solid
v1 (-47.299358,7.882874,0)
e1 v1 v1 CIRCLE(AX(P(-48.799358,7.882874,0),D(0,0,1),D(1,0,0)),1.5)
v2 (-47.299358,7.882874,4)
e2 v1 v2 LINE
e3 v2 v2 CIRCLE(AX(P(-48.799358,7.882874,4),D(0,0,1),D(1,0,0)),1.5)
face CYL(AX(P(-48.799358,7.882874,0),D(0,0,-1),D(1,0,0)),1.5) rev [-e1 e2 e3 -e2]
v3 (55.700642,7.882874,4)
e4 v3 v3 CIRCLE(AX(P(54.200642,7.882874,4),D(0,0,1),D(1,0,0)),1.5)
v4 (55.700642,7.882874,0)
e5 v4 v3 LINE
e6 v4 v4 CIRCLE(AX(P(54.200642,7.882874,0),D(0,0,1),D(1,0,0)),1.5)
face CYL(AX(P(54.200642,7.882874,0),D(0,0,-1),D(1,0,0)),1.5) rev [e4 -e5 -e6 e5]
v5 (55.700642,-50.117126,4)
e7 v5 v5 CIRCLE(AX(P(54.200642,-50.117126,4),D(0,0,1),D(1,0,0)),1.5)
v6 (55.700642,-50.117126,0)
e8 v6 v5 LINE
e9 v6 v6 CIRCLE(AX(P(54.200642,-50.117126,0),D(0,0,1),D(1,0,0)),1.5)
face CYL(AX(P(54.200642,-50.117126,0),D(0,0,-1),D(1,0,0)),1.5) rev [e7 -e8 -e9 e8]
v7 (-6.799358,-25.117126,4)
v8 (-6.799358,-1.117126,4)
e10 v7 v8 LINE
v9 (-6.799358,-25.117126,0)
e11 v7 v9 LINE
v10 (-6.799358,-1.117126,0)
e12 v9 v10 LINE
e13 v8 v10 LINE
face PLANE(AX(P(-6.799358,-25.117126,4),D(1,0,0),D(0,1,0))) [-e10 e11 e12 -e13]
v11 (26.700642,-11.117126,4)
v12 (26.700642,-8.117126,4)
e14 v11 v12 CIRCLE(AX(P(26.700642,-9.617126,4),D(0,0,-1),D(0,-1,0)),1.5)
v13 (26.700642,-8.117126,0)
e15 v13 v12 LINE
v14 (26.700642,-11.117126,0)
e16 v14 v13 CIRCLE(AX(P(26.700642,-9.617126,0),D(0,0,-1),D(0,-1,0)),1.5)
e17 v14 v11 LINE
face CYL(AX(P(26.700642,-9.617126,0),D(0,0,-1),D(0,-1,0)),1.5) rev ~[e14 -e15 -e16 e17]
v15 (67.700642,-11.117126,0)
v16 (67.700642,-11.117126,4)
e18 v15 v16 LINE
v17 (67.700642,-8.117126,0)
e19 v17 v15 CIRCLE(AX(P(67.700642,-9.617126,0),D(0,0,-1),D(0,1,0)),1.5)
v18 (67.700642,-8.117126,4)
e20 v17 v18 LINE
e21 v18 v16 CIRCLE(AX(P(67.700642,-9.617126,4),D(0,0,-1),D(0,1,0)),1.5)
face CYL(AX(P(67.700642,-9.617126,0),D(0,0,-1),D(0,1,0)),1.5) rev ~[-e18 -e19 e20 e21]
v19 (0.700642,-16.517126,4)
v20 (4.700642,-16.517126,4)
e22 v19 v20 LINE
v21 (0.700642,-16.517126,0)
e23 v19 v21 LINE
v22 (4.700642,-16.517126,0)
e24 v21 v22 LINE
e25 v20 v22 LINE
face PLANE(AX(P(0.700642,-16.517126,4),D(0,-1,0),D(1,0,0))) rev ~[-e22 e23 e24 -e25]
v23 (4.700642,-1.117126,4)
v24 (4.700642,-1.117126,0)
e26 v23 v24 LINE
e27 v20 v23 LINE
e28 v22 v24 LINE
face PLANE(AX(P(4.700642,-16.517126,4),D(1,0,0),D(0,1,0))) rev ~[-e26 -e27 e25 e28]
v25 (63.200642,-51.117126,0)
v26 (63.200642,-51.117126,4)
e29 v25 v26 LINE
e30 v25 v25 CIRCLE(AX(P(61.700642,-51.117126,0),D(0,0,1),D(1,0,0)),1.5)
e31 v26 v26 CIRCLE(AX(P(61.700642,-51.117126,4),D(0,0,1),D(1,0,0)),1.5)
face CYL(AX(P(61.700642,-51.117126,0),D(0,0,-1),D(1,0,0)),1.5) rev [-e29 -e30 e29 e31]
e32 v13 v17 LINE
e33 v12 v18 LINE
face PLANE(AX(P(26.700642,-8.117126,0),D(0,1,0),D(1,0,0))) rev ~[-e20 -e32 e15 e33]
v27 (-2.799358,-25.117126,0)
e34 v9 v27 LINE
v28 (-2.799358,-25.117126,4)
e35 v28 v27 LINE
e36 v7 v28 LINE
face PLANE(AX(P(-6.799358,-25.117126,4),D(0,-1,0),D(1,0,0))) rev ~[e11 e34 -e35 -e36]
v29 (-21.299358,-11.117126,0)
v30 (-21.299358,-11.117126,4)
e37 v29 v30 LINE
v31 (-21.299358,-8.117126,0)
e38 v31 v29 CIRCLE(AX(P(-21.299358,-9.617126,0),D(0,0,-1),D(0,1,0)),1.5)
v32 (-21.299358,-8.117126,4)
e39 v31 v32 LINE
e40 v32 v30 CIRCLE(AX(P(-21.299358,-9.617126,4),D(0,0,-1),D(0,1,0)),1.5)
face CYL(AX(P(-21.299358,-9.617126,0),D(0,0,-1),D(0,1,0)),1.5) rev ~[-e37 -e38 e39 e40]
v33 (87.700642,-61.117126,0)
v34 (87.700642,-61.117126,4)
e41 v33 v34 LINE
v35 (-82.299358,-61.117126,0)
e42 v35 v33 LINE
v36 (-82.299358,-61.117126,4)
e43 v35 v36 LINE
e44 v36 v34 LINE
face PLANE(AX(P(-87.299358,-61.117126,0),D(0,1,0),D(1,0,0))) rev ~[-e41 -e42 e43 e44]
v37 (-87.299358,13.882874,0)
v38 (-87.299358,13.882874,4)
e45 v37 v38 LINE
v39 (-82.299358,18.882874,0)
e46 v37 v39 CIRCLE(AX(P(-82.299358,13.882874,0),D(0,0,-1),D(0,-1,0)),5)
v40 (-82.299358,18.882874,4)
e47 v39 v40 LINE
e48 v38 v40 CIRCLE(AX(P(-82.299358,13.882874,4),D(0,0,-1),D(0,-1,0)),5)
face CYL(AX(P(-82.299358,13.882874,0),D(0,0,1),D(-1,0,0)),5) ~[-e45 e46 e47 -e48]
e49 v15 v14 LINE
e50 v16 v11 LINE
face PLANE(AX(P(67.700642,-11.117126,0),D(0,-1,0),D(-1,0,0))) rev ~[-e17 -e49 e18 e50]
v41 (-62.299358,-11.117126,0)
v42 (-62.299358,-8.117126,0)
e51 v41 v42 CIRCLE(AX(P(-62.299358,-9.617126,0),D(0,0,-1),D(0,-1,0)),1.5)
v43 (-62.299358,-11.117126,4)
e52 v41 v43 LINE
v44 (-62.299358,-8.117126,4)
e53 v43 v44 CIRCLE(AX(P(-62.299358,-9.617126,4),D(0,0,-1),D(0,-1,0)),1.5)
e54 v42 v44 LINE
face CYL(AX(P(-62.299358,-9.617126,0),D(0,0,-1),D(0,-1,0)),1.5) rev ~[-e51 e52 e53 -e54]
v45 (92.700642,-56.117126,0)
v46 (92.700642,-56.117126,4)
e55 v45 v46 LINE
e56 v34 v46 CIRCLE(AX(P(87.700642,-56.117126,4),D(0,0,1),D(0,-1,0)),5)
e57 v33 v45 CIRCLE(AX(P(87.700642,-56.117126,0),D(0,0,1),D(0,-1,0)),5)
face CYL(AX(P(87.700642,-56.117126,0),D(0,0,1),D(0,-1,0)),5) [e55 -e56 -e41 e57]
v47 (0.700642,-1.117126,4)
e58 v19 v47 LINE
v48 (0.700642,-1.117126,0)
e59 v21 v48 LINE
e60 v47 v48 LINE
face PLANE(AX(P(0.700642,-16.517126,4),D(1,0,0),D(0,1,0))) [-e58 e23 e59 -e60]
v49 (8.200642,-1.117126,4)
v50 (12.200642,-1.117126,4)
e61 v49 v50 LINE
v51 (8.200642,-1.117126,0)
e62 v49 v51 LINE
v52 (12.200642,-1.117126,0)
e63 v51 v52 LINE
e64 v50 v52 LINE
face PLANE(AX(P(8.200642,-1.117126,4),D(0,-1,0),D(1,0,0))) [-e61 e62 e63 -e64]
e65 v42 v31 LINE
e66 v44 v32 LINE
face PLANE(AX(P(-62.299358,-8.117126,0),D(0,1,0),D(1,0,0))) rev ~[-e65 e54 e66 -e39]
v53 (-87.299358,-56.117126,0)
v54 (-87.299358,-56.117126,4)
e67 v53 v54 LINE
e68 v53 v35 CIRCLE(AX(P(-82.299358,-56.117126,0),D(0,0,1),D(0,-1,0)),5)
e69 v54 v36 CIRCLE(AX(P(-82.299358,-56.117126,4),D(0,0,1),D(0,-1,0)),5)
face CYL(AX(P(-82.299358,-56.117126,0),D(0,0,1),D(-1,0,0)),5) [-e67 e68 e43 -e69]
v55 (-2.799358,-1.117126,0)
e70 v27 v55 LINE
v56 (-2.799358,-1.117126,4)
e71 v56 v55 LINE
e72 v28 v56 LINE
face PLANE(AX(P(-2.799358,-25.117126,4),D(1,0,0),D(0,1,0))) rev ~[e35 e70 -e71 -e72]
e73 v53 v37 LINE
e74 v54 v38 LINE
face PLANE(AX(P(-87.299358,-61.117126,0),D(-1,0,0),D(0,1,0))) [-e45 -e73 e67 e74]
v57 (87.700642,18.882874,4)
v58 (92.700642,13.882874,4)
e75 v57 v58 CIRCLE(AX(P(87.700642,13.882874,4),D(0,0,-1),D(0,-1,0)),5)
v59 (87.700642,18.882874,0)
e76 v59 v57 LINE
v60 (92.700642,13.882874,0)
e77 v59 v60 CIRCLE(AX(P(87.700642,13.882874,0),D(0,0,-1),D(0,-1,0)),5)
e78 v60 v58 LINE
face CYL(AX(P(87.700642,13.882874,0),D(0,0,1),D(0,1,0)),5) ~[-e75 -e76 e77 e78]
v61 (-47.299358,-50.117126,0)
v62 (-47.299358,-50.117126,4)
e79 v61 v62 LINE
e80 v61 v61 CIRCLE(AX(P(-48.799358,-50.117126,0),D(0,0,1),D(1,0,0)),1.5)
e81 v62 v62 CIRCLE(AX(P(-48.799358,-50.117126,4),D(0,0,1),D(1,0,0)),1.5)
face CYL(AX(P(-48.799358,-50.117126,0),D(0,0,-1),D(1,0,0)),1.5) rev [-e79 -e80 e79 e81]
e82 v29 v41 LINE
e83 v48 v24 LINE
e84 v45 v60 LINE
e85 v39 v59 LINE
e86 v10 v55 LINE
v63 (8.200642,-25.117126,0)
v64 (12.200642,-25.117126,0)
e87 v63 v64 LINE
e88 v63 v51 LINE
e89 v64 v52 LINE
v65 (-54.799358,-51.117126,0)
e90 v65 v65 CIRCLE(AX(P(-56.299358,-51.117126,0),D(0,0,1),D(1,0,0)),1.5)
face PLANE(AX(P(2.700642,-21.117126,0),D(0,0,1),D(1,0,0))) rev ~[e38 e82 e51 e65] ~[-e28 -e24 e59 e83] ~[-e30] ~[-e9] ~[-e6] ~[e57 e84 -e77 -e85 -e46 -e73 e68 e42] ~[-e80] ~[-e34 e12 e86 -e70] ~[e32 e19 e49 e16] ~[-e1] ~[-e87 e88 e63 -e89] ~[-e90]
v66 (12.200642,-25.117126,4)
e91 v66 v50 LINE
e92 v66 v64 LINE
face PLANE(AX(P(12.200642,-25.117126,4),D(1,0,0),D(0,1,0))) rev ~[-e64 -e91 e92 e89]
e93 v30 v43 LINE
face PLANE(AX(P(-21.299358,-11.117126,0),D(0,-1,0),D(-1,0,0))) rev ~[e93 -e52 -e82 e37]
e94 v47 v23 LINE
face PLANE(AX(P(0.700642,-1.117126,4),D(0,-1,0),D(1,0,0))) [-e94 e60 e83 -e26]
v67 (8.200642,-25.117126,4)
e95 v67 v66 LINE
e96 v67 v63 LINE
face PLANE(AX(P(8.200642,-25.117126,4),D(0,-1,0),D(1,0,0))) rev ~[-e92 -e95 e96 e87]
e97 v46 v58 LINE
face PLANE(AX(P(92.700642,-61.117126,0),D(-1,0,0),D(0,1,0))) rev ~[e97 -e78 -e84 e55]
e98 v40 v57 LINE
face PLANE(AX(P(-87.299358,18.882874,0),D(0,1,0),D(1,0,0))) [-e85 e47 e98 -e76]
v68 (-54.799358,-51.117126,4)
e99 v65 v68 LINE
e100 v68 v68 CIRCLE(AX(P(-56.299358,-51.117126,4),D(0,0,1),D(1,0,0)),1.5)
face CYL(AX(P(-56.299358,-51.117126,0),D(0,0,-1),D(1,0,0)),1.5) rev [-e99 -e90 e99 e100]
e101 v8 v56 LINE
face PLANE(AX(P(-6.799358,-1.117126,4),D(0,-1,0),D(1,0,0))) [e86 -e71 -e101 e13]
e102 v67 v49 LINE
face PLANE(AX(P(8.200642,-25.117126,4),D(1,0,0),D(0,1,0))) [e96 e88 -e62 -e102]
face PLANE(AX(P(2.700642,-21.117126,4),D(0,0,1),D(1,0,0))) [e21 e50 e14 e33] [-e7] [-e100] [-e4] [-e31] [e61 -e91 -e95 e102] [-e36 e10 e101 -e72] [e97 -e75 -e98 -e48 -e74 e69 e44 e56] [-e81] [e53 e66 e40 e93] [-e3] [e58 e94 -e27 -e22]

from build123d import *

# Parameters (mm, degrees)
SKETCH1_W           = 180
SKETCH1_H           = 80
SKETCH1_R           = 1.5
BOSS_EXTRUDE1_DEPTH = 4
SKETCH2_W           = 4
SKETCH2_H           = 24
SKETCH2_H_2         = 15.4
CUT_EXTRUDE1_DEPTH  = 4
FILLET1_R           = 5


with BuildPart() as part:
    # Sketch1 → Boss-Extrude1 (new body)
    with BuildSketch(Plane.XY):
        with Locations((2.700642055, -21.117125984)):
            Rectangle(SKETCH1_W, SKETCH1_H)
        with Locations((61.700642055, -51.117125984)):
            Circle(SKETCH1_R, mode=Mode.SUBTRACT)
        with Locations((-56.299357945, -51.117125984)):
            Circle(SKETCH1_R, mode=Mode.SUBTRACT)
        with Locations((-48.799357945, 7.882874016)):
            Circle(SKETCH1_R, mode=Mode.SUBTRACT)
        with Locations((54.200642055, 7.882874016)):
            Circle(SKETCH1_R, mode=Mode.SUBTRACT)
        with Locations((54.200642055, -50.117125984)):
            Circle(SKETCH1_R, mode=Mode.SUBTRACT)
        with Locations((-48.799357945, -50.117125984)):
            Circle(SKETCH1_R, mode=Mode.SUBTRACT)
        with BuildLine():
            Line((-62.299357945, -8.117125984), (-21.299357945, -8.117125984))
            ThreePointArc((-21.299357945, -8.117125984), (-19.799357945, -9.617125984), (-21.299357945, -11.117125984))
            Line((-21.299357945, -11.117125984), (-62.299357945, -11.117125984))
            ThreePointArc((-62.299357945, -11.117125984), (-63.799357945, -9.617125984), (-62.299357945, -8.117125984))
        make_face(mode=Mode.SUBTRACT)
        with BuildLine():
            Line((26.700642055, -8.117125984), (67.700642055, -8.117125984))
            ThreePointArc((67.700642055, -8.117125984), (69.200642055, -9.617125984), (67.700642055, -11.117125984))
            Line((67.700642055, -11.117125984), (26.700642055, -11.117125984))
            ThreePointArc((26.700642055, -11.117125984), (25.200642055, -9.617125984), (26.700642055, -8.117125984))
        make_face(mode=Mode.SUBTRACT)
    extrude(amount=BOSS_EXTRUDE1_DEPTH)

    # Sketch2 → Cut-Extrude1 (cut)
    with BuildSketch(Plane.XY.offset(4)):
        with Locations((-4.799357945, -13.117125984)):
            Rectangle(SKETCH2_W, SKETCH2_H)
        with Locations((2.700642055, -8.817125984)):
            Rectangle(SKETCH2_W, SKETCH2_H_2)
        with Locations((10.200642055, -13.117125984)):
            Rectangle(SKETCH2_W, SKETCH2_H)
    extrude(amount=-CUT_EXTRUDE1_DEPTH, mode=Mode.SUBTRACT)

    # Fillet1
    fillet1_edges = [part.edges().sort_by_distance(p)[0] for p in [
        (-87.299357945, 18.882874016, 2),
        (92.700642055, 18.882874016, 2),
        (92.700642055, -61.117125984, 2),
        (-87.299357945, -61.117125984, 2),
    ]]
    fillet(fillet1_edges, radius=FILLET1_R)


solid = part.part
